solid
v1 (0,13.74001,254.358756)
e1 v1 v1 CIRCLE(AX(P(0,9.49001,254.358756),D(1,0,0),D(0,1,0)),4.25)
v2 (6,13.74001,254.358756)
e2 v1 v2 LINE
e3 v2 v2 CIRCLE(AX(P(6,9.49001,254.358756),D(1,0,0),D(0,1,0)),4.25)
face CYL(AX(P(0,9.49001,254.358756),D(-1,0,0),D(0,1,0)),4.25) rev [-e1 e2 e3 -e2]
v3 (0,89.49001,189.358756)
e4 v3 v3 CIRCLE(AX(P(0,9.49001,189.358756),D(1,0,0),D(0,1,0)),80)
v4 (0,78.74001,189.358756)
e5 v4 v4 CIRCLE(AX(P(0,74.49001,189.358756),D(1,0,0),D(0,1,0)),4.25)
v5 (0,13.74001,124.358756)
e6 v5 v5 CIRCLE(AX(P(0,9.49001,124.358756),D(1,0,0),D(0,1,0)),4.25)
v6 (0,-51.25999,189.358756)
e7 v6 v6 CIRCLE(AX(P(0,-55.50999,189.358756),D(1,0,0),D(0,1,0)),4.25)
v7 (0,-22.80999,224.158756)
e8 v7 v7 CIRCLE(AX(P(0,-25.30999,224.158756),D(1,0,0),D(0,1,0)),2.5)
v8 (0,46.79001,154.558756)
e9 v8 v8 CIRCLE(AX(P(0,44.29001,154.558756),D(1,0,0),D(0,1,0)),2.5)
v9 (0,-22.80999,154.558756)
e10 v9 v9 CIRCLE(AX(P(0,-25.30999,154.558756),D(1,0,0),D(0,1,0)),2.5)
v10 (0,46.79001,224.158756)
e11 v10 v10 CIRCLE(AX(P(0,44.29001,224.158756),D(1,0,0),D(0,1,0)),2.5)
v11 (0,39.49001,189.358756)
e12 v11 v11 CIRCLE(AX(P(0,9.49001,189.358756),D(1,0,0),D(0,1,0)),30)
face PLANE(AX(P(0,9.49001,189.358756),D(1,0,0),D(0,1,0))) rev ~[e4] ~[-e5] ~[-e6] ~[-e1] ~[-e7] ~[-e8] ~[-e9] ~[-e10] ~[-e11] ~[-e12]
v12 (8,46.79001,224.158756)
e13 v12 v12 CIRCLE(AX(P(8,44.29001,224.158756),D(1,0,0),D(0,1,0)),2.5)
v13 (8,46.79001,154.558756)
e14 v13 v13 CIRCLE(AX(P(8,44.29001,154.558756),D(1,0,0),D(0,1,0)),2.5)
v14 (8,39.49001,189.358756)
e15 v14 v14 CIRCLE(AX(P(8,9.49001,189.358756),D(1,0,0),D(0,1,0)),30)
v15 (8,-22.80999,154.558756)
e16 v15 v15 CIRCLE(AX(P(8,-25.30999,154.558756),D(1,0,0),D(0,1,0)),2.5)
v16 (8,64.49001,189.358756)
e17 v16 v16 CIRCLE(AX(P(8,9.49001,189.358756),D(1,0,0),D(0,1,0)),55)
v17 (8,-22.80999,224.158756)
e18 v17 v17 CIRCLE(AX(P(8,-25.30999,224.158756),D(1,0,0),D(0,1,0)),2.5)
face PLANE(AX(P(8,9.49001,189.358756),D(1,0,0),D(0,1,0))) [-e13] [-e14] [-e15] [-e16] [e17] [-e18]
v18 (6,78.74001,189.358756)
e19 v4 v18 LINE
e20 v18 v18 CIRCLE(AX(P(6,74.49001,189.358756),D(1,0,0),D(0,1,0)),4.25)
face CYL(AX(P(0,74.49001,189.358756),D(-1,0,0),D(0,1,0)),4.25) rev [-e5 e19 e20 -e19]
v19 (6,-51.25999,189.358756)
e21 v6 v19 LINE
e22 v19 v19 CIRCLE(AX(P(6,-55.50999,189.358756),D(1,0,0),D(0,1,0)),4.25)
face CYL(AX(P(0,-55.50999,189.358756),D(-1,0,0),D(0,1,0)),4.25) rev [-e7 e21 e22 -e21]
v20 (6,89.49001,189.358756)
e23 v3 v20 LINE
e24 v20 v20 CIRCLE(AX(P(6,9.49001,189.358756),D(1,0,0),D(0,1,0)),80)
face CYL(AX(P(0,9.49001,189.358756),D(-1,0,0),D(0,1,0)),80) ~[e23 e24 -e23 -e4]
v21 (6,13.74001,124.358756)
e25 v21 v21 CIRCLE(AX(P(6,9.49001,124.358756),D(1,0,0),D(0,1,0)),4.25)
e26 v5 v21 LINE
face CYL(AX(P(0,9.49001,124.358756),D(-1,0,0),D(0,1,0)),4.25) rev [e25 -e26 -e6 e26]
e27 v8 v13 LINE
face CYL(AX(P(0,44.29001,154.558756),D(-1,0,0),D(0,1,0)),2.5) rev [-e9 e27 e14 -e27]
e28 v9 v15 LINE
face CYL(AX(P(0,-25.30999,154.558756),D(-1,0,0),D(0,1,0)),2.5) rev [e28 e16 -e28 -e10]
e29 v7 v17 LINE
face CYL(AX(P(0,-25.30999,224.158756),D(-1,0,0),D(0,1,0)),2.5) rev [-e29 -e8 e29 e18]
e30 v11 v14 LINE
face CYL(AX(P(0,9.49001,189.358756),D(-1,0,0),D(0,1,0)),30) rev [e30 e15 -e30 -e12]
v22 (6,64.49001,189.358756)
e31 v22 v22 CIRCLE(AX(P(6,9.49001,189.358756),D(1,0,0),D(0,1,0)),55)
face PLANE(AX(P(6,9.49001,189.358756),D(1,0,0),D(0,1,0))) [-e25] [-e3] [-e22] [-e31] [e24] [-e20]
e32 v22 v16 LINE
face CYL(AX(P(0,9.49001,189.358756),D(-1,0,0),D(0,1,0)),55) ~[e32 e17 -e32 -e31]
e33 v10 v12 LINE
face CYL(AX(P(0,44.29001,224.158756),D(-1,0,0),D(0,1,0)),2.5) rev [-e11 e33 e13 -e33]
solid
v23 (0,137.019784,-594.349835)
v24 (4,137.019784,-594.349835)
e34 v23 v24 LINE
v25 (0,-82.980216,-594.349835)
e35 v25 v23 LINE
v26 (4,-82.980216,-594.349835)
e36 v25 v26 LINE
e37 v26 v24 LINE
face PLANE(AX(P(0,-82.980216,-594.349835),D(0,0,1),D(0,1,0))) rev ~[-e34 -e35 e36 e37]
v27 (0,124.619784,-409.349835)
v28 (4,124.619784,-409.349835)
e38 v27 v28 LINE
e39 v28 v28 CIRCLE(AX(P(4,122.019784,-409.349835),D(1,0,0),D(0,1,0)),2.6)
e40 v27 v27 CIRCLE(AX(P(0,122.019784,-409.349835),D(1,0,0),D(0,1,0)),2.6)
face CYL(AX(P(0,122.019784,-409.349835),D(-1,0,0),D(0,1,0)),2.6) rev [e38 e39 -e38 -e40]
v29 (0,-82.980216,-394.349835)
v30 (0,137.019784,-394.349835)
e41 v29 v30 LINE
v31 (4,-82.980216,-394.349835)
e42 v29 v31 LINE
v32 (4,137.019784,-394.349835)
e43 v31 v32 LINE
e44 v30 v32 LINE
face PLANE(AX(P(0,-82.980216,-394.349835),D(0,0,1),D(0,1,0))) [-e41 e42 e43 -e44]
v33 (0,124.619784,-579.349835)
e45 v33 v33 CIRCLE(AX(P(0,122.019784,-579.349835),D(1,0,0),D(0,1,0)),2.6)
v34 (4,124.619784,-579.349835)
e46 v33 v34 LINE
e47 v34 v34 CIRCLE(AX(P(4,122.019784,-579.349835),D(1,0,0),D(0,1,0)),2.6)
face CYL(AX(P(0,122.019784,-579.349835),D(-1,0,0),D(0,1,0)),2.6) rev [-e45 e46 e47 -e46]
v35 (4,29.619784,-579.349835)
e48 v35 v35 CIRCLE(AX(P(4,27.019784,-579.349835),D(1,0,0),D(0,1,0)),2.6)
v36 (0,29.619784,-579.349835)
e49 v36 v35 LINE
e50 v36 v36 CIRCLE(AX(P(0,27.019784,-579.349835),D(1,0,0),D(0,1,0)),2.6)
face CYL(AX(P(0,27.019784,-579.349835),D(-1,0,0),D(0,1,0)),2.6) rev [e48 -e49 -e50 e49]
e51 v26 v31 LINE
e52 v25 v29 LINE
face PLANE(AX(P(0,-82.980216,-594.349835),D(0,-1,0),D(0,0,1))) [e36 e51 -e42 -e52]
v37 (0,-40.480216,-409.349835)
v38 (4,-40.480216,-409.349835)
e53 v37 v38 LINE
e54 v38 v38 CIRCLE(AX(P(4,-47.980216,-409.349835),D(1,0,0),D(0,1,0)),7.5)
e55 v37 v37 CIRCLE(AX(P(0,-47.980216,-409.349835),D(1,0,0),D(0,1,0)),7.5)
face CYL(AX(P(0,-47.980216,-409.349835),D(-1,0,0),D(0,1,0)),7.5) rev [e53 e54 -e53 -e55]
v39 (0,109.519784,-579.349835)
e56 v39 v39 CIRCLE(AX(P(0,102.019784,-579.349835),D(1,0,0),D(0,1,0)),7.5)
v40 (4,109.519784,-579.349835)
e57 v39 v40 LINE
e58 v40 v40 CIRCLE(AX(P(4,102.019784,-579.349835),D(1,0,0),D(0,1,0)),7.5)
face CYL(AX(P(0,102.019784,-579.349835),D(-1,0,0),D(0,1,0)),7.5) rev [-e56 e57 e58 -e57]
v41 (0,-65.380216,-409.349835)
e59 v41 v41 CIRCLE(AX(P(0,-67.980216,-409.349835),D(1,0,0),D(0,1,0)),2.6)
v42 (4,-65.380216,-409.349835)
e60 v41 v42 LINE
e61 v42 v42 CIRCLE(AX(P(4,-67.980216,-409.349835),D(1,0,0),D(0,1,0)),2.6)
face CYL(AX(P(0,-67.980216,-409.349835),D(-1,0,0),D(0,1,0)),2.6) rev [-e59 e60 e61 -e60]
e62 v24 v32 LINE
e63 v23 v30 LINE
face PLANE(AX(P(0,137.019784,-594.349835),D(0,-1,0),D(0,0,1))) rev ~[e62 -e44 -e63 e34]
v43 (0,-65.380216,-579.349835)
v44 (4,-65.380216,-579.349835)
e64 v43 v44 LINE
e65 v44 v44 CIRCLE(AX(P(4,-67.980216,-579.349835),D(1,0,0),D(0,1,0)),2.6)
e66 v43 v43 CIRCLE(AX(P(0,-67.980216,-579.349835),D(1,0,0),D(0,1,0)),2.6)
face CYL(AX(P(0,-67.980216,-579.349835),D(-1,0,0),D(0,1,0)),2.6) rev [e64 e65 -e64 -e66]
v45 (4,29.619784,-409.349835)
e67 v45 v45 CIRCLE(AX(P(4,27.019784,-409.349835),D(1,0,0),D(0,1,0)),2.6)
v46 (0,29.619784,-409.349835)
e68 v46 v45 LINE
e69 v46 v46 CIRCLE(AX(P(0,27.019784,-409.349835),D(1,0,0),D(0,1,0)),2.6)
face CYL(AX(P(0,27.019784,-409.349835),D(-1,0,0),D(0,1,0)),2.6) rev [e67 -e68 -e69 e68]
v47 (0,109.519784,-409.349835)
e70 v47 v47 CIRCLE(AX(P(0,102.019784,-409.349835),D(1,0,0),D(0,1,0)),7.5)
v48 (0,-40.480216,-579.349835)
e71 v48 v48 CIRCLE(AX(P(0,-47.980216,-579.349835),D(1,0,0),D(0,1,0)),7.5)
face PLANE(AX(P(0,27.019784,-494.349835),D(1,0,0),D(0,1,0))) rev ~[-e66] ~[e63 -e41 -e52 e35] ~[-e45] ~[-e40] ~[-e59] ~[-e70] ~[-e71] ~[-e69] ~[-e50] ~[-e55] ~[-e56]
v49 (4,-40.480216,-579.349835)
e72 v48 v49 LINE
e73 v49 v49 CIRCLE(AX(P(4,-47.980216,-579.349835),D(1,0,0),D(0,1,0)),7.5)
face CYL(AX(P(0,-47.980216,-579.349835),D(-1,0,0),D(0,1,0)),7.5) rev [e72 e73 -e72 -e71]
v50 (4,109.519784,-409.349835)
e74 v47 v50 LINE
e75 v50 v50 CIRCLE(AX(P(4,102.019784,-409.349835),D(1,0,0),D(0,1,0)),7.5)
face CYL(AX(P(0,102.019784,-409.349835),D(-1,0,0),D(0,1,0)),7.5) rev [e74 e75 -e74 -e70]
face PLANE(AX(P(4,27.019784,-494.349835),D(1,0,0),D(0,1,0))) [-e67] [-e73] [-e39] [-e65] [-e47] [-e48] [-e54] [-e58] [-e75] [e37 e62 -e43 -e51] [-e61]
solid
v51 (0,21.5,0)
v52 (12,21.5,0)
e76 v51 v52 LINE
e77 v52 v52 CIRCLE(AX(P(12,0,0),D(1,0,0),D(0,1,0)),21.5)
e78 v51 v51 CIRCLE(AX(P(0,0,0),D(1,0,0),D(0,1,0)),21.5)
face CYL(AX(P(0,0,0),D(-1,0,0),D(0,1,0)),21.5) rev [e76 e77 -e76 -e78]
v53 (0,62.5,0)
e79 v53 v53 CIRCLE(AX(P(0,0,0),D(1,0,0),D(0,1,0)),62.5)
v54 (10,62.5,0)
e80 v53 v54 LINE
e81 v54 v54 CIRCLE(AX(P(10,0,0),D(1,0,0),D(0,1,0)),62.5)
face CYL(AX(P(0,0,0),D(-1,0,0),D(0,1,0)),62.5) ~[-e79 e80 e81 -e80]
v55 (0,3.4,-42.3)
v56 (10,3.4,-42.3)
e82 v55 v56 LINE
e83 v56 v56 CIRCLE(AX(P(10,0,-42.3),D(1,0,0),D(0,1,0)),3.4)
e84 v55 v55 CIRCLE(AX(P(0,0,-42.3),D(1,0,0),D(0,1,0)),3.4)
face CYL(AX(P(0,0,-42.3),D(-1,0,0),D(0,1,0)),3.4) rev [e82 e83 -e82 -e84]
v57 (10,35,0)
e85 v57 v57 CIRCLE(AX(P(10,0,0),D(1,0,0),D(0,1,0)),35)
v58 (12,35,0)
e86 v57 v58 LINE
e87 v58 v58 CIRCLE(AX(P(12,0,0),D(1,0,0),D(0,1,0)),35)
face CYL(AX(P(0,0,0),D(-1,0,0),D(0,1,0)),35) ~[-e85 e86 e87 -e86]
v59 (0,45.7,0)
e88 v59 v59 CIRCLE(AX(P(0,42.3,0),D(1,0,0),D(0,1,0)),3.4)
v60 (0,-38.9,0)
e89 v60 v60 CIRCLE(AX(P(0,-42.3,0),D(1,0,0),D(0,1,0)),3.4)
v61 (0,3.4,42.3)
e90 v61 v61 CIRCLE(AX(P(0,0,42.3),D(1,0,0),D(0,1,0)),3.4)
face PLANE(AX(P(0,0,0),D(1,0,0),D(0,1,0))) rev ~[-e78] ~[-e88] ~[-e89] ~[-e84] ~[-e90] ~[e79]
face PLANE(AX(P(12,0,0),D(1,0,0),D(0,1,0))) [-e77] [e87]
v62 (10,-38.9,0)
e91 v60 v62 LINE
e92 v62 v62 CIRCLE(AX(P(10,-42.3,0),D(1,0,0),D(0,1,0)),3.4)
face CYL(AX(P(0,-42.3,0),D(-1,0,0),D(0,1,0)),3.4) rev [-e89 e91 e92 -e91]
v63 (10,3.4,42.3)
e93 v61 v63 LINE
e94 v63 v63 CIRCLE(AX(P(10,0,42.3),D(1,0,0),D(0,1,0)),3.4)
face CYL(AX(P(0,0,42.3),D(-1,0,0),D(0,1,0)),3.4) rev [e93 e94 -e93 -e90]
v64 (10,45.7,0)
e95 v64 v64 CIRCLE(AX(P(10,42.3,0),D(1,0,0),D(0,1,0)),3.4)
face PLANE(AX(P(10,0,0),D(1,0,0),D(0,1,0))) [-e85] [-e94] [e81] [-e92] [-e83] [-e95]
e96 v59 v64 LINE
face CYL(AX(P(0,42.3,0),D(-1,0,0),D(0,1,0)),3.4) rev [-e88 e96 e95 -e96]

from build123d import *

# Parameters (mm, degrees)
F0_R     = 62.5
F0_R_2   = 3.4
F0_R_3   = 35
F1_DEPTH = 10
F0_R_4   = 21.5
F2_DEPTH = 12
F3_R     = 80
F3_R_2   = 4.25
F3_R_3   = 55
F4_DEPTH = 6
F3_R_4   = 2.5
F3_R_5   = 30
F5_DEPTH = 8
F6_W     = 220
F6_H     = 200
F6_R     = 2.6
F6_R_2   = 7.5
F7_DEPTH = 4


with BuildPart() as f1:
    # F0 (on Right) → F1 (new body)
    with BuildSketch(Plane.YZ):
        Circle(F0_R)
        with Locations((0, -42.3)):
            Circle(F0_R_2, mode=Mode.SUBTRACT)
        with Locations((-42.3, 0)):
            Circle(F0_R_2, mode=Mode.SUBTRACT)
        Circle(F0_R_3, mode=Mode.SUBTRACT)
        with Locations((42.3, 0)):
            Circle(F0_R_2, mode=Mode.SUBTRACT)
        with Locations((0, 42.3)):
            Circle(F0_R_2, mode=Mode.SUBTRACT)
    extrude(amount=F1_DEPTH)

    # F0 (on Right) → F2 (join)
    with BuildSketch(Plane.YZ):
        Circle(F0_R_3)
        Circle(F0_R_4, mode=Mode.SUBTRACT)
    extrude(amount=F2_DEPTH)


with BuildPart() as f4:
    # F3 (on Right) → F4 (new body)
    with BuildSketch(Plane.YZ):
        with Locations((9.49001, 189.358756)):
            Circle(F3_R)
        with Locations((9.49001, 124.358756)):
            Circle(F3_R_2, mode=Mode.SUBTRACT)
        with Locations((-55.50999, 189.358756)):
            Circle(F3_R_2, mode=Mode.SUBTRACT)
        with Locations((9.49001, 189.358756)):
            Circle(F3_R_3, mode=Mode.SUBTRACT)
        with Locations((74.49001, 189.358756)):
            Circle(F3_R_2, mode=Mode.SUBTRACT)
        with Locations((9.49001, 254.358756)):
            Circle(F3_R_2, mode=Mode.SUBTRACT)
    extrude(amount=F4_DEPTH)

    # F3 (on Right) → F5 (join)
    with BuildSketch(Plane.YZ):
        with Locations((9.49001, 189.358756)):
            Circle(F3_R_3)
        with Locations((-25.30999, 154.558756)):
            Circle(F3_R_4, mode=Mode.SUBTRACT)
        with Locations((44.29001, 154.558756)):
            Circle(F3_R_4, mode=Mode.SUBTRACT)
        with Locations((-25.30999, 224.158756)):
            Circle(F3_R_4, mode=Mode.SUBTRACT)
        with Locations((9.49001, 189.358756)):
            Circle(F3_R_5, mode=Mode.SUBTRACT)
        with Locations((44.29001, 224.158756)):
            Circle(F3_R_4, mode=Mode.SUBTRACT)
    extrude(amount=F5_DEPTH)


with BuildPart() as f7:
    # F6 (on Right) → F7 (new body)
    with BuildSketch(Plane.YZ):
        with Locations((27.019784, -494.349835)):
            Rectangle(F6_W, F6_H)
        with Locations((-67.980216, -579.349835)):
            Circle(F6_R, mode=Mode.SUBTRACT)
        with Locations((-47.980216, -579.349835)):
            Circle(F6_R_2, mode=Mode.SUBTRACT)
        with Locations((27.019784, -579.349835)):
            Circle(F6_R, mode=Mode.SUBTRACT)
        with Locations((102.019784, -579.349835)):
            Circle(F6_R_2, mode=Mode.SUBTRACT)
        with Locations((122.019784, -579.349835)):
            Circle(F6_R, mode=Mode.SUBTRACT)
        with Locations((-67.980216, -409.349835)):
            Circle(F6_R, mode=Mode.SUBTRACT)
        with Locations((-47.980216, -409.349835)):
            Circle(F6_R_2, mode=Mode.SUBTRACT)
        with Locations((27.019784, -409.349835)):
            Circle(F6_R, mode=Mode.SUBTRACT)
        with Locations((102.019784, -409.349835)):
            Circle(F6_R_2, mode=Mode.SUBTRACT)
        with Locations((122.019784, -409.349835)):
            Circle(F6_R, mode=Mode.SUBTRACT)
    extrude(amount=F7_DEPTH)


solid = Compound([f1.part, f4.part, f7.part])
